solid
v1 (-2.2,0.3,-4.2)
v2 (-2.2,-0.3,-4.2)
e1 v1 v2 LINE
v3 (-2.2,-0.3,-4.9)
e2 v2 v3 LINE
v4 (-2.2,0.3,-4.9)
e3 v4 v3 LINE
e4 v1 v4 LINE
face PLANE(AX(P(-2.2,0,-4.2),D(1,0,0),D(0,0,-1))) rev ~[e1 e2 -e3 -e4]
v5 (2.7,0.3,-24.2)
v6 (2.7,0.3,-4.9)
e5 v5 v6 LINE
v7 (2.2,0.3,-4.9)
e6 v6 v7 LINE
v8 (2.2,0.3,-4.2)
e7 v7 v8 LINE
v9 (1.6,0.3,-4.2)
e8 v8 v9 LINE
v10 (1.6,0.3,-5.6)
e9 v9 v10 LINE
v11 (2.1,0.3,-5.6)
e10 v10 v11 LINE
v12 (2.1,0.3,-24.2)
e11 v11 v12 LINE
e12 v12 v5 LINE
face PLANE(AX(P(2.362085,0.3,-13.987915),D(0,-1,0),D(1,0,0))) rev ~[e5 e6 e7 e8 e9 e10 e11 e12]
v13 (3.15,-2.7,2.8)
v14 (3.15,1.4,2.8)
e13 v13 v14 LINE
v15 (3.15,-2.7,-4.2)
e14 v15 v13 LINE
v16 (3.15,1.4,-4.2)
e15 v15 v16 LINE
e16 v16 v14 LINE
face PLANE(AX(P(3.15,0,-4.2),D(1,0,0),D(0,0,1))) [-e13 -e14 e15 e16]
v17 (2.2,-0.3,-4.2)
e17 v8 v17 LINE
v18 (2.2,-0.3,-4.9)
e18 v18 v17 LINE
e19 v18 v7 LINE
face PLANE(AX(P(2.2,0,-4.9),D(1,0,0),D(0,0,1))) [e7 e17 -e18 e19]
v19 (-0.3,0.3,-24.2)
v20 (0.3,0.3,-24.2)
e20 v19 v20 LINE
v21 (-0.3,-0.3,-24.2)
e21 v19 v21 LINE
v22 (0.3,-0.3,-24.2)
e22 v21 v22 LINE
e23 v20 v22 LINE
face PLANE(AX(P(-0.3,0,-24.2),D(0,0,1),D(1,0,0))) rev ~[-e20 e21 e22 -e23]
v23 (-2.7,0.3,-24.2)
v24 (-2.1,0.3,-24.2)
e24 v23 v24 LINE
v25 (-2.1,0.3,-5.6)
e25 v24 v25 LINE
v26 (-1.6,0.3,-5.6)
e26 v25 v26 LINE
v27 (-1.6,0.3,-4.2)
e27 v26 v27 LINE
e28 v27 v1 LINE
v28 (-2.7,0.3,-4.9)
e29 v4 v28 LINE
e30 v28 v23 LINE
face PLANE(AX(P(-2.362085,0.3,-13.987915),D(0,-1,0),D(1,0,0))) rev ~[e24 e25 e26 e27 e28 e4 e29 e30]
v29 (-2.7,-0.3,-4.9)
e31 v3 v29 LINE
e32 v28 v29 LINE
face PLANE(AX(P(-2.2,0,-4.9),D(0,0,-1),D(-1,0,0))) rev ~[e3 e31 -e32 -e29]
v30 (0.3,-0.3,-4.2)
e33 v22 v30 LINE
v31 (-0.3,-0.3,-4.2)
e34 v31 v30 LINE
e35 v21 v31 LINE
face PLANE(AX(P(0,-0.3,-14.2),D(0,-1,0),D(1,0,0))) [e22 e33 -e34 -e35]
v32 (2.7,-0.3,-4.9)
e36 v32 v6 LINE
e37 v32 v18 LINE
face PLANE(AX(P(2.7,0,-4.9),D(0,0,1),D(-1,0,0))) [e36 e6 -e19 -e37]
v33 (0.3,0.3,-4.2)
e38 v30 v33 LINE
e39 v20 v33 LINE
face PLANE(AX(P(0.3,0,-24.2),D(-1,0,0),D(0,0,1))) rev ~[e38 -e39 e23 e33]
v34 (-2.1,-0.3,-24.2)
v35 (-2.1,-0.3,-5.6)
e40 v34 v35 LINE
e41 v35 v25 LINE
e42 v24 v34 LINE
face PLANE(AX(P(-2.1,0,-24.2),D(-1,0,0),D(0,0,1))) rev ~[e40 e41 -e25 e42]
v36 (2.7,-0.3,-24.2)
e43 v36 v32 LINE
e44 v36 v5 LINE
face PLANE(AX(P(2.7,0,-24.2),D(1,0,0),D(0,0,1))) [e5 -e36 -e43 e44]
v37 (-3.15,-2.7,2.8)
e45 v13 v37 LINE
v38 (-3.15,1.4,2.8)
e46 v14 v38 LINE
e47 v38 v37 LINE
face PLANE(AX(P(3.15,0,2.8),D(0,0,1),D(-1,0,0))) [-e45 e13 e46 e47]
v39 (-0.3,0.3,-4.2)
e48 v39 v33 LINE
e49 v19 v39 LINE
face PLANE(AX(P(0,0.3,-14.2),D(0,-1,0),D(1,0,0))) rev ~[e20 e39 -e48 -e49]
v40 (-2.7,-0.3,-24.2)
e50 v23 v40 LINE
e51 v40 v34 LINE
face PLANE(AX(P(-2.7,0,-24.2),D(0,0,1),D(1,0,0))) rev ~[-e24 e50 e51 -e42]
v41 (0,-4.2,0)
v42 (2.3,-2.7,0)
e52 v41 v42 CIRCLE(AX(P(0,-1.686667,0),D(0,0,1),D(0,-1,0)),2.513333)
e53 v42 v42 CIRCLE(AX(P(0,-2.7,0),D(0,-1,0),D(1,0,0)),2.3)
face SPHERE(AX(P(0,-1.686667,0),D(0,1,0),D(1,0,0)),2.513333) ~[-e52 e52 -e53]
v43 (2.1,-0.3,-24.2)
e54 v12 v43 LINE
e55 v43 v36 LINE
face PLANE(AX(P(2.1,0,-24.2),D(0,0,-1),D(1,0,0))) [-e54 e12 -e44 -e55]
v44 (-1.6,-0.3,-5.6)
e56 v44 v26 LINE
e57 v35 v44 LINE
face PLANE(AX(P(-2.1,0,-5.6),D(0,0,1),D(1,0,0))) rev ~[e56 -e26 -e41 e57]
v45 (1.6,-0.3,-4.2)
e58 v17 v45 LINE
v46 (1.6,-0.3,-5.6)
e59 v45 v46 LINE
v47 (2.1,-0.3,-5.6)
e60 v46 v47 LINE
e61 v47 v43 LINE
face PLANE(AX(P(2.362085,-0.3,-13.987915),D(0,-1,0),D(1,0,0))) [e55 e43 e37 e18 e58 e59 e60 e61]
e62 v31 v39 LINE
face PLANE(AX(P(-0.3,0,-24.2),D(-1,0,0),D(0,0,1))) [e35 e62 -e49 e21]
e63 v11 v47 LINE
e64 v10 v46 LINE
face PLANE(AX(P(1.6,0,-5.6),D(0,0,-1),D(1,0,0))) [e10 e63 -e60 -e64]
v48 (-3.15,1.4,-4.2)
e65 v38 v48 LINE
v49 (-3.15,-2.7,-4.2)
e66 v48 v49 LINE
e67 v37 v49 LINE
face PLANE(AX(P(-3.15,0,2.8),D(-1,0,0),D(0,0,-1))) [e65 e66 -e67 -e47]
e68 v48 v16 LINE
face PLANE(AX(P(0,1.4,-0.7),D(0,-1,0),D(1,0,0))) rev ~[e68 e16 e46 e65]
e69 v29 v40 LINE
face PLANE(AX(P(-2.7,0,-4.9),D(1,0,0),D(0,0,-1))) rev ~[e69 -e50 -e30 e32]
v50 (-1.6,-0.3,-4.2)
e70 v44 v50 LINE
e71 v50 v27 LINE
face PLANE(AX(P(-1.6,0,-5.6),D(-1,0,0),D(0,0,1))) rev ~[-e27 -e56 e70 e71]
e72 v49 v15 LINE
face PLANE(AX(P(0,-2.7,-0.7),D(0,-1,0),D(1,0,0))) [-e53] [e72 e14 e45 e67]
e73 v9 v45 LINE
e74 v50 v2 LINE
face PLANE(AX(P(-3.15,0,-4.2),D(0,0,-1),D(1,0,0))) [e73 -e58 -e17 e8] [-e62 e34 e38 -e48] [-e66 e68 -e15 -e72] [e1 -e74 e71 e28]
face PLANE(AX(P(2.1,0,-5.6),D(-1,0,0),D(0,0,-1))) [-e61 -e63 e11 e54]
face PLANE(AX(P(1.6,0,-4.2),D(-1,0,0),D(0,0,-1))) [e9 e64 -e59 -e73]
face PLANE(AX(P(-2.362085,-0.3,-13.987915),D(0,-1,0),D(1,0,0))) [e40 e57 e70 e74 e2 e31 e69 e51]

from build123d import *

# Parameters (mm, degrees)
F1_DEPTH      = 2.7
F1_DEPTH_BACK = 1.4
F0_W          = 0.6
F0_H          = 20
F2_DEPTH      = 0.3


with BuildPart() as f1:
    # F0 (on Front) → F1 (new body, two sides)
    with BuildSketch(Plane.XZ) as f1_sk:
        Polygon((3.15, 2.8), (-3.15, 2.8), (-3.15, -4.2), (-2.2, -4.2), (-1.6, -4.2), (-0.3, -4.2), (0.3, -4.2), (1.6, -4.2), (2.2, -4.2), (3.15, -4.2), align=None)
    extrude(amount=F1_DEPTH)
    extrude(f1_sk.sketch, amount=-F1_DEPTH_BACK)

    # F0 (on Front) → F2 (join, symmetric)
    with BuildSketch(Plane.XZ):
        Polygon((-1.6, -4.2), (-2.2, -4.2), (-2.2, -4.9), (-2.7, -4.9), (-2.7, -24.2), (-2.1, -24.2), (-2.1, -5.6), (-1.6, -5.6), align=None)
        with Locations((0, -14.2)):
            Rectangle(F0_W, F0_H)
        Polygon((2.2, -4.9), (2.2, -4.2), (1.6, -4.2), (1.6, -5.6), (2.1, -5.6), (2.1, -24.2), (2.7, -24.2), (2.7, -4.9), align=None)
    extrude(amount=F2_DEPTH, both=True)

    # F3 (on Top) → F4 (revolve)
    with BuildSketch(Plane.XY):
        with BuildLine():
            ThreePointArc((0, -4.2), (1.3729530218, -3.7918613001), (2.3, -2.7))
            Line((2.3, -2.7), (0, -2.7))
            Line((0, -2.7), (0, -4.2))
        make_face()
    revolve(axis=Axis((0, -4.0003820322, 0), (0, -1, 0)))


solid = f1.part
